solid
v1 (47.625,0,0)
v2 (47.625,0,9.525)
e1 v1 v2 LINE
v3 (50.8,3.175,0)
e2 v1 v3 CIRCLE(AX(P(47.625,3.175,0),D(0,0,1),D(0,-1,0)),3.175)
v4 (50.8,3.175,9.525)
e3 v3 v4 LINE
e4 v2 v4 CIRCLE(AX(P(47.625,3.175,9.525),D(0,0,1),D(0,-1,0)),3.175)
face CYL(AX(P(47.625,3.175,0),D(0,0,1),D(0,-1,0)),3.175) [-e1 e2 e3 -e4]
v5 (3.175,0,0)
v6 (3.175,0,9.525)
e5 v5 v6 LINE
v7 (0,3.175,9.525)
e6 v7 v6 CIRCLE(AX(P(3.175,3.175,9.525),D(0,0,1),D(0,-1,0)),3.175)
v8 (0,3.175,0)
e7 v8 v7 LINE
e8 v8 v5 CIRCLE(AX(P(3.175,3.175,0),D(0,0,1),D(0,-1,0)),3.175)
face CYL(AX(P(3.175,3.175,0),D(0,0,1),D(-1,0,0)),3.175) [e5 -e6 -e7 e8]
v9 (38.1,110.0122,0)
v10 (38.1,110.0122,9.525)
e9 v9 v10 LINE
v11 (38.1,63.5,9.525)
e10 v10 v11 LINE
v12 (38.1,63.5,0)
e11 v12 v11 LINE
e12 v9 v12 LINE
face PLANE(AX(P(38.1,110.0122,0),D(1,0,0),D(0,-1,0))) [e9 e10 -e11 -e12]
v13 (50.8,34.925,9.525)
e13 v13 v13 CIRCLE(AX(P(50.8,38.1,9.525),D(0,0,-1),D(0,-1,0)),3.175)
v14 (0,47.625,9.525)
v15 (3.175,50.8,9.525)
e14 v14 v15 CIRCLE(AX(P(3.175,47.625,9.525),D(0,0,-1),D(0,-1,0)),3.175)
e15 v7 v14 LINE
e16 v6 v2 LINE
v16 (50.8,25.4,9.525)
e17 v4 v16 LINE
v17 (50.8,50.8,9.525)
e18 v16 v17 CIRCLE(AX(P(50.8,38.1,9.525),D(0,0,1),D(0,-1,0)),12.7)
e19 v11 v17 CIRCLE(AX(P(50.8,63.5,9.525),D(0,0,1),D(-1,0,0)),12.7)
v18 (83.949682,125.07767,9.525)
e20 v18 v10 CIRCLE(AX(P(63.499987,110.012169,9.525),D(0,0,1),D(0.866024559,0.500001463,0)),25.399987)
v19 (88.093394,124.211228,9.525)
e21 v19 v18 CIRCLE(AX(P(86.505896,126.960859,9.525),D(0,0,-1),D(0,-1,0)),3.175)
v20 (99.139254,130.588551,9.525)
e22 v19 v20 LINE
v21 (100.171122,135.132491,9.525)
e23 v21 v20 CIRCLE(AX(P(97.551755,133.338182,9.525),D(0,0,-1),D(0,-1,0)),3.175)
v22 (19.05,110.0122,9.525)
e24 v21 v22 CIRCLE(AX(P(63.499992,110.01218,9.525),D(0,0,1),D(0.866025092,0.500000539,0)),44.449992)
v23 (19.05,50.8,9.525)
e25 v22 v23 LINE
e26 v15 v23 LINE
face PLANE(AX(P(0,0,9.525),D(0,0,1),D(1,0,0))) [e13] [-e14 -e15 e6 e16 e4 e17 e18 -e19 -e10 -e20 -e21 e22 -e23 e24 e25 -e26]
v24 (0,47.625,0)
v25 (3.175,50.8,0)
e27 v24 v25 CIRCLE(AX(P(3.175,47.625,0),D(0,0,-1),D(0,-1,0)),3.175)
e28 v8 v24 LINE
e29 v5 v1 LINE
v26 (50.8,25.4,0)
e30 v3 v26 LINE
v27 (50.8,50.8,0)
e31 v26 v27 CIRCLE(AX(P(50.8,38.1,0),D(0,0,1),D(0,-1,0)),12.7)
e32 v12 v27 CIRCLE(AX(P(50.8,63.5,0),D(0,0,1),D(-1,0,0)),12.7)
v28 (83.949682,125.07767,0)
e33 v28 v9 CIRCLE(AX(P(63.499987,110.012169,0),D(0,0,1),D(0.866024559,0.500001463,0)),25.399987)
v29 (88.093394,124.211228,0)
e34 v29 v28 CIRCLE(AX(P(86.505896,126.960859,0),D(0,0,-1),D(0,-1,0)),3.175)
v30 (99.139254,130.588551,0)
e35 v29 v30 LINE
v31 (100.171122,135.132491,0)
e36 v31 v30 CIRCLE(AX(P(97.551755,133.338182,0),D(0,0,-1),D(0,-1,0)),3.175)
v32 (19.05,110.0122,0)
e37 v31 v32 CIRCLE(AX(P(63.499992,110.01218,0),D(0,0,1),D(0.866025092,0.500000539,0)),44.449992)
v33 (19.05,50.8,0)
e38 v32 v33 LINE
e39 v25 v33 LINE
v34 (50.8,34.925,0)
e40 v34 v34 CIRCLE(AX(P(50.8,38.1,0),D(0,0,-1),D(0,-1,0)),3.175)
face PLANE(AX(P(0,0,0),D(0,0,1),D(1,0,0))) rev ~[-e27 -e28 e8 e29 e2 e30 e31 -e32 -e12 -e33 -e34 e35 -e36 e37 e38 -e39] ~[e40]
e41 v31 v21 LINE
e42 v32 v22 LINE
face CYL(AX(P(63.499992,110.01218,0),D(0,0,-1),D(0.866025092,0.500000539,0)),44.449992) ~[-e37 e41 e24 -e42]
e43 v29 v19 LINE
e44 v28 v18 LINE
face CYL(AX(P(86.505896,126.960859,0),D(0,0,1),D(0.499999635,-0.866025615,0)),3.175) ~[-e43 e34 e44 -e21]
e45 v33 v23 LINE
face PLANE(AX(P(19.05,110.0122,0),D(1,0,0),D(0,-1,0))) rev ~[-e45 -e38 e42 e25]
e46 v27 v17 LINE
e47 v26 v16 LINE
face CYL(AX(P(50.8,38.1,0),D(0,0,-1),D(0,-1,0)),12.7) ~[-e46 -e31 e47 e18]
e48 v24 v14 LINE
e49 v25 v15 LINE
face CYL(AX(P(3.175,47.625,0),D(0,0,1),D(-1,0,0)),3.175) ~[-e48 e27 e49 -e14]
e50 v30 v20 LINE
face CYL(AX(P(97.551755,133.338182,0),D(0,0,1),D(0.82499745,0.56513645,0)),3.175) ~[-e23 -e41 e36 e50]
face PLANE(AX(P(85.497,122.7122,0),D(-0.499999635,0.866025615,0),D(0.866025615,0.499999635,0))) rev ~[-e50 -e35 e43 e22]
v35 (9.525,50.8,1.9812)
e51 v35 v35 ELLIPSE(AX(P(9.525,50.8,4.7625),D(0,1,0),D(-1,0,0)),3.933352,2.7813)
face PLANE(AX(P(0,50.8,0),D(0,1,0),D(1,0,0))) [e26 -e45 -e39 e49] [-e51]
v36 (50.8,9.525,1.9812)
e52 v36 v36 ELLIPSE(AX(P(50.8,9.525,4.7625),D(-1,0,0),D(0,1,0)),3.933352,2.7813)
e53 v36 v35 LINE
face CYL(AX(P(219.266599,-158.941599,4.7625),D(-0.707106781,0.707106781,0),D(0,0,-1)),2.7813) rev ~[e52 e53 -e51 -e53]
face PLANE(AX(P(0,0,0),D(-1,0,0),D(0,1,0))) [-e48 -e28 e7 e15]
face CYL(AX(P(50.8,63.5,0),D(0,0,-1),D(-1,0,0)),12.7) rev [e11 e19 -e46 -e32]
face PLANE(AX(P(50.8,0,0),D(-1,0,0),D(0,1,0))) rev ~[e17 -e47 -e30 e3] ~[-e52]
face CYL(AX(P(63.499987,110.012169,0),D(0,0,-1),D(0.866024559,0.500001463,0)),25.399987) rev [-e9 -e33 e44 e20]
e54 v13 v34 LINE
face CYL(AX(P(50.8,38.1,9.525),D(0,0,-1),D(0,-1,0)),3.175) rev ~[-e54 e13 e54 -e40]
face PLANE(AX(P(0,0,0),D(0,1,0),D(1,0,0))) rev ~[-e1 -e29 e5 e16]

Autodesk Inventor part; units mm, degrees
ref_plane "YZ Plane" through (0, 0, 0) normal (1, 0, 0) x (0, 1, 0)
ref_plane "XZ Plane" through (0, 0, 0) normal (0, 1, 0) x (-1, 0, 0)
ref_plane "XY Plane" through (0, 0, 0) normal (0, 0, 1) x (1, 0, 0)
sketch "Sketch1" plane through (0, 0, 0) normal (0, 0, 1) x (1, 0, 0)
  line L0 (0, 0) -> (50.8, 0)
  line L1 (0, 0) -> (0, 50.8)
  line L2 (0, 50.8) -> (19.05, 50.8)
  arc A0 (101.9948, 132.2372) -> (19.05, 110.0122) centre (63.5, 110.0122) ccw
  arc A1 (85.497, 122.7122) -> (38.1, 110.0122) centre (63.5, 110.0122) ccw
  line L3 (85.497, 122.7122) -> (101.9948, 132.2372)
  line L4 (19.05, 110.0122) -> (19.05, 50.8)
  line L5 (38.1, 110.0122) -> (38.1, 63.5)
  arc A2 (50.8, 25.4) -> (50.8, 50.8) centre (50.8, 38.1) ccw
  arc A3 (38.1, 63.5) -> (50.8, 50.8) centre (50.8, 63.5) ccw
  line L6 (50.8, 0) -> (50.8, 25.4)
  dimension "d5" = 25.4
  dimension "d6" = 44.45
  dimension "d38" = 50.8
  dimension "d65" = 30
  dimension "d84" = 12.7
  dimension "d85" = 12.7
  dimension "d89" = 73.025
  dimension "d90" = 19.05
  dimension "d99" = 0
  dimension "d123" = 50.8
  dimension "d124" = 25.4
extrude "Extrusion1" add sketch "Sketch1" along normal blind 9.525
sketch "Sketch11" plane through (0, 0, 9.525) normal (0, 0, 1) x (1, 0, 0)
  line L0 (0, 0) -> (50.8, 0) projected
  arc A0 (50.8, 25.4) -> (50.8, 50.8) centre (50.8, 38.1) ccw projected
  arc A1 (38.1, 63.5) -> (50.8, 50.8) centre (50.8, 63.5) ccw projected
  line L1 (38.1, 63.5) -> (38.1, 110.0122) projected
  arc A2 (85.497, 122.7122) -> (38.1, 110.0122) centre (63.5, 110.0122) ccw projected
  line L2 (85.497, 122.7122) -> (101.9948, 132.2372) projected
  arc A3 (101.9948, 132.2372) -> (19.05, 110.0122) centre (63.5, 110.0122) ccw projected
  line L3 (19.05, 110.0122) -> (19.05, 50.8) projected
  line L4 (19.05, 50.8) -> (0, 50.8) projected
  line L5 (0, 50.8) -> (0, 0) projected
  line L6 (50.8, 0) -> (50.8, 25.4) projected
hole "Hole3" at (50.8, 38.1, 9.525) direction (0, 0, -1) diameter 6.35 end through all
sketch "Sketch12" plane through (0, 50.8, 0) normal (0, 1, 0) x (1, 0, 0)
  line L0 (19.05, 0) -> (0, 0) projected
  line L1 (0, 0) -> (0, -9.525) projected
  line L2 (19.05, -9.525) -> (0, -9.525) projected
  line L3 (19.05, 0) -> (19.05, -9.525) projected
  point P0 (9.525, -4.7625)
  dimension "d108" = 4.7625
  dimension "d109" = 4.7625
  dimension "d110" = 9.525
sketch "Sketch14" plane through (50.8, 0, 0) normal (1, 0, 0) x (0, 0, -1)
  line L0 (0, 0) -> (0, 25.4) projected
  line L1 (0, 25.4) -> (-9.525, 25.4) projected
  line L2 (-9.525, 0) -> (-9.525, 25.4) projected
  line L3 (0, 0) -> (-9.525, 0) projected
  point P0 (-4.7625, 9.525)
  dimension "d125" = 4.7625
  dimension "d126" = 4.7625
  dimension "d127" = 9.525
hole "Hole5" at (50.8, 9.525, 4.7625) direction (-0.7071, 0.7071, 0) diameter 5.5626 end through all both
fillet "Fillet7" radius 3.175 5 edges at (50.8, 0, 4.7625) (0, 0, 4.7625) (0, 50.8, 4.7625) (85.497, 122.7122, 4.7625) (101.9948, 132.2372, 4.7625)
sketch "Sketch15" plane through (0, 0, 9.525) normal (0, 0, 1) x (1, 0, 0)
  arc A0 (99.1393, 130.5885) -> (100.1712, 135.1325) centre (97.5518, 133.3382) ccw projected
  arc A1 (100.1712, 135.1325) -> (19.05, 110.0122) centre (63.5, 110.0122) ccw projected
  line L0 (19.05, 110.0122) -> (19.05, 50.8) projected
  line L1 (19.05, 50.8) -> (3.175, 50.8) projected
  arc A2 (3.175, 50.8) -> (0, 47.625) centre (3.175, 47.625) ccw projected
  line L2 (0, 47.625) -> (0, 3.175) projected
  arc A3 (0, 3.175) -> (3.175, 0) centre (3.175, 3.175) ccw projected
  line L3 (3.175, 0) -> (47.625, 0) projected
  arc A4 (47.625, 0) -> (50.8, 3.175) centre (47.625, 3.175) ccw projected
  line L4 (50.8, 3.175) -> (50.8, 25.4) projected
  arc A5 (50.8, 25.4) -> (50.8, 50.8) centre (50.8, 38.1) ccw projected
  arc A6 (38.1, 63.5) -> (50.8, 50.8) centre (50.8, 63.5) ccw projected
  line L5 (38.1, 63.5) -> (38.1, 110.0122) projected
  arc A7 (83.9497, 125.0777) -> (38.1, 110.0122) centre (63.5, 110.0122) ccw projected
  arc A8 (83.9497, 125.0777) -> (88.0934, 124.2112) centre (86.5059, 126.9608) ccw projected
  line L6 (88.0934, 124.2112) -> (99.1393, 130.5885) projected
  circle A9 centre (50.8, 38.1) radius 3.175 projected
  line L7 (-3.175, 3.175) -> (-3.175, 47.625)
  arc A10 (3.175, 53.975) -> (-3.175, 47.625) centre (3.175, 47.625) ccw
  line L8 (3.175, 53.975) -> (15.875, 53.975)
  line L9 (15.875, 53.975) -> (15.875, 110.0122)
  arc A11 (102.7905, 136.9268) -> (15.875, 110.0122) centre (63.5, 110.0122) ccw
  arc A12 (100.7268, 127.8389) -> (102.7905, 136.9268) centre (97.5518, 133.3382) ccw
  line L10 (100.7268, 127.8389) -> (89.6809, 121.4616)
  arc A13 (81.3935, 123.1945) -> (89.6809, 121.4616) centre (86.5059, 126.9608) ccw
  arc A14 (81.3935, 123.1945) -> (41.275, 110.0122) centre (63.5, 110.0122) ccw
  line L11 (41.275, 110.0122) -> (41.275, 63.5)
  arc A15 (41.275, 63.5) -> (50.8, 53.975) centre (50.8, 63.5) ccw
  arc A16 (53.975, 22.5457) -> (50.8, 53.975) centre (50.8, 38.1) ccw
  line L12 (53.975, 22.5457) -> (53.975, 3.175)
  arc A17 (47.625, -3.175) -> (53.975, 3.175) centre (47.625, 3.175) ccw
  line L13 (47.625, -3.175) -> (3.175, -3.175)
  arc A18 (-3.175, 3.175) -> (3.175, -3.175) centre (3.175, 3.175) ccw
  point P0 (0, 0)
  dimension "d138" = 3.175
properties part number "CLB_041_ScissorHook"
